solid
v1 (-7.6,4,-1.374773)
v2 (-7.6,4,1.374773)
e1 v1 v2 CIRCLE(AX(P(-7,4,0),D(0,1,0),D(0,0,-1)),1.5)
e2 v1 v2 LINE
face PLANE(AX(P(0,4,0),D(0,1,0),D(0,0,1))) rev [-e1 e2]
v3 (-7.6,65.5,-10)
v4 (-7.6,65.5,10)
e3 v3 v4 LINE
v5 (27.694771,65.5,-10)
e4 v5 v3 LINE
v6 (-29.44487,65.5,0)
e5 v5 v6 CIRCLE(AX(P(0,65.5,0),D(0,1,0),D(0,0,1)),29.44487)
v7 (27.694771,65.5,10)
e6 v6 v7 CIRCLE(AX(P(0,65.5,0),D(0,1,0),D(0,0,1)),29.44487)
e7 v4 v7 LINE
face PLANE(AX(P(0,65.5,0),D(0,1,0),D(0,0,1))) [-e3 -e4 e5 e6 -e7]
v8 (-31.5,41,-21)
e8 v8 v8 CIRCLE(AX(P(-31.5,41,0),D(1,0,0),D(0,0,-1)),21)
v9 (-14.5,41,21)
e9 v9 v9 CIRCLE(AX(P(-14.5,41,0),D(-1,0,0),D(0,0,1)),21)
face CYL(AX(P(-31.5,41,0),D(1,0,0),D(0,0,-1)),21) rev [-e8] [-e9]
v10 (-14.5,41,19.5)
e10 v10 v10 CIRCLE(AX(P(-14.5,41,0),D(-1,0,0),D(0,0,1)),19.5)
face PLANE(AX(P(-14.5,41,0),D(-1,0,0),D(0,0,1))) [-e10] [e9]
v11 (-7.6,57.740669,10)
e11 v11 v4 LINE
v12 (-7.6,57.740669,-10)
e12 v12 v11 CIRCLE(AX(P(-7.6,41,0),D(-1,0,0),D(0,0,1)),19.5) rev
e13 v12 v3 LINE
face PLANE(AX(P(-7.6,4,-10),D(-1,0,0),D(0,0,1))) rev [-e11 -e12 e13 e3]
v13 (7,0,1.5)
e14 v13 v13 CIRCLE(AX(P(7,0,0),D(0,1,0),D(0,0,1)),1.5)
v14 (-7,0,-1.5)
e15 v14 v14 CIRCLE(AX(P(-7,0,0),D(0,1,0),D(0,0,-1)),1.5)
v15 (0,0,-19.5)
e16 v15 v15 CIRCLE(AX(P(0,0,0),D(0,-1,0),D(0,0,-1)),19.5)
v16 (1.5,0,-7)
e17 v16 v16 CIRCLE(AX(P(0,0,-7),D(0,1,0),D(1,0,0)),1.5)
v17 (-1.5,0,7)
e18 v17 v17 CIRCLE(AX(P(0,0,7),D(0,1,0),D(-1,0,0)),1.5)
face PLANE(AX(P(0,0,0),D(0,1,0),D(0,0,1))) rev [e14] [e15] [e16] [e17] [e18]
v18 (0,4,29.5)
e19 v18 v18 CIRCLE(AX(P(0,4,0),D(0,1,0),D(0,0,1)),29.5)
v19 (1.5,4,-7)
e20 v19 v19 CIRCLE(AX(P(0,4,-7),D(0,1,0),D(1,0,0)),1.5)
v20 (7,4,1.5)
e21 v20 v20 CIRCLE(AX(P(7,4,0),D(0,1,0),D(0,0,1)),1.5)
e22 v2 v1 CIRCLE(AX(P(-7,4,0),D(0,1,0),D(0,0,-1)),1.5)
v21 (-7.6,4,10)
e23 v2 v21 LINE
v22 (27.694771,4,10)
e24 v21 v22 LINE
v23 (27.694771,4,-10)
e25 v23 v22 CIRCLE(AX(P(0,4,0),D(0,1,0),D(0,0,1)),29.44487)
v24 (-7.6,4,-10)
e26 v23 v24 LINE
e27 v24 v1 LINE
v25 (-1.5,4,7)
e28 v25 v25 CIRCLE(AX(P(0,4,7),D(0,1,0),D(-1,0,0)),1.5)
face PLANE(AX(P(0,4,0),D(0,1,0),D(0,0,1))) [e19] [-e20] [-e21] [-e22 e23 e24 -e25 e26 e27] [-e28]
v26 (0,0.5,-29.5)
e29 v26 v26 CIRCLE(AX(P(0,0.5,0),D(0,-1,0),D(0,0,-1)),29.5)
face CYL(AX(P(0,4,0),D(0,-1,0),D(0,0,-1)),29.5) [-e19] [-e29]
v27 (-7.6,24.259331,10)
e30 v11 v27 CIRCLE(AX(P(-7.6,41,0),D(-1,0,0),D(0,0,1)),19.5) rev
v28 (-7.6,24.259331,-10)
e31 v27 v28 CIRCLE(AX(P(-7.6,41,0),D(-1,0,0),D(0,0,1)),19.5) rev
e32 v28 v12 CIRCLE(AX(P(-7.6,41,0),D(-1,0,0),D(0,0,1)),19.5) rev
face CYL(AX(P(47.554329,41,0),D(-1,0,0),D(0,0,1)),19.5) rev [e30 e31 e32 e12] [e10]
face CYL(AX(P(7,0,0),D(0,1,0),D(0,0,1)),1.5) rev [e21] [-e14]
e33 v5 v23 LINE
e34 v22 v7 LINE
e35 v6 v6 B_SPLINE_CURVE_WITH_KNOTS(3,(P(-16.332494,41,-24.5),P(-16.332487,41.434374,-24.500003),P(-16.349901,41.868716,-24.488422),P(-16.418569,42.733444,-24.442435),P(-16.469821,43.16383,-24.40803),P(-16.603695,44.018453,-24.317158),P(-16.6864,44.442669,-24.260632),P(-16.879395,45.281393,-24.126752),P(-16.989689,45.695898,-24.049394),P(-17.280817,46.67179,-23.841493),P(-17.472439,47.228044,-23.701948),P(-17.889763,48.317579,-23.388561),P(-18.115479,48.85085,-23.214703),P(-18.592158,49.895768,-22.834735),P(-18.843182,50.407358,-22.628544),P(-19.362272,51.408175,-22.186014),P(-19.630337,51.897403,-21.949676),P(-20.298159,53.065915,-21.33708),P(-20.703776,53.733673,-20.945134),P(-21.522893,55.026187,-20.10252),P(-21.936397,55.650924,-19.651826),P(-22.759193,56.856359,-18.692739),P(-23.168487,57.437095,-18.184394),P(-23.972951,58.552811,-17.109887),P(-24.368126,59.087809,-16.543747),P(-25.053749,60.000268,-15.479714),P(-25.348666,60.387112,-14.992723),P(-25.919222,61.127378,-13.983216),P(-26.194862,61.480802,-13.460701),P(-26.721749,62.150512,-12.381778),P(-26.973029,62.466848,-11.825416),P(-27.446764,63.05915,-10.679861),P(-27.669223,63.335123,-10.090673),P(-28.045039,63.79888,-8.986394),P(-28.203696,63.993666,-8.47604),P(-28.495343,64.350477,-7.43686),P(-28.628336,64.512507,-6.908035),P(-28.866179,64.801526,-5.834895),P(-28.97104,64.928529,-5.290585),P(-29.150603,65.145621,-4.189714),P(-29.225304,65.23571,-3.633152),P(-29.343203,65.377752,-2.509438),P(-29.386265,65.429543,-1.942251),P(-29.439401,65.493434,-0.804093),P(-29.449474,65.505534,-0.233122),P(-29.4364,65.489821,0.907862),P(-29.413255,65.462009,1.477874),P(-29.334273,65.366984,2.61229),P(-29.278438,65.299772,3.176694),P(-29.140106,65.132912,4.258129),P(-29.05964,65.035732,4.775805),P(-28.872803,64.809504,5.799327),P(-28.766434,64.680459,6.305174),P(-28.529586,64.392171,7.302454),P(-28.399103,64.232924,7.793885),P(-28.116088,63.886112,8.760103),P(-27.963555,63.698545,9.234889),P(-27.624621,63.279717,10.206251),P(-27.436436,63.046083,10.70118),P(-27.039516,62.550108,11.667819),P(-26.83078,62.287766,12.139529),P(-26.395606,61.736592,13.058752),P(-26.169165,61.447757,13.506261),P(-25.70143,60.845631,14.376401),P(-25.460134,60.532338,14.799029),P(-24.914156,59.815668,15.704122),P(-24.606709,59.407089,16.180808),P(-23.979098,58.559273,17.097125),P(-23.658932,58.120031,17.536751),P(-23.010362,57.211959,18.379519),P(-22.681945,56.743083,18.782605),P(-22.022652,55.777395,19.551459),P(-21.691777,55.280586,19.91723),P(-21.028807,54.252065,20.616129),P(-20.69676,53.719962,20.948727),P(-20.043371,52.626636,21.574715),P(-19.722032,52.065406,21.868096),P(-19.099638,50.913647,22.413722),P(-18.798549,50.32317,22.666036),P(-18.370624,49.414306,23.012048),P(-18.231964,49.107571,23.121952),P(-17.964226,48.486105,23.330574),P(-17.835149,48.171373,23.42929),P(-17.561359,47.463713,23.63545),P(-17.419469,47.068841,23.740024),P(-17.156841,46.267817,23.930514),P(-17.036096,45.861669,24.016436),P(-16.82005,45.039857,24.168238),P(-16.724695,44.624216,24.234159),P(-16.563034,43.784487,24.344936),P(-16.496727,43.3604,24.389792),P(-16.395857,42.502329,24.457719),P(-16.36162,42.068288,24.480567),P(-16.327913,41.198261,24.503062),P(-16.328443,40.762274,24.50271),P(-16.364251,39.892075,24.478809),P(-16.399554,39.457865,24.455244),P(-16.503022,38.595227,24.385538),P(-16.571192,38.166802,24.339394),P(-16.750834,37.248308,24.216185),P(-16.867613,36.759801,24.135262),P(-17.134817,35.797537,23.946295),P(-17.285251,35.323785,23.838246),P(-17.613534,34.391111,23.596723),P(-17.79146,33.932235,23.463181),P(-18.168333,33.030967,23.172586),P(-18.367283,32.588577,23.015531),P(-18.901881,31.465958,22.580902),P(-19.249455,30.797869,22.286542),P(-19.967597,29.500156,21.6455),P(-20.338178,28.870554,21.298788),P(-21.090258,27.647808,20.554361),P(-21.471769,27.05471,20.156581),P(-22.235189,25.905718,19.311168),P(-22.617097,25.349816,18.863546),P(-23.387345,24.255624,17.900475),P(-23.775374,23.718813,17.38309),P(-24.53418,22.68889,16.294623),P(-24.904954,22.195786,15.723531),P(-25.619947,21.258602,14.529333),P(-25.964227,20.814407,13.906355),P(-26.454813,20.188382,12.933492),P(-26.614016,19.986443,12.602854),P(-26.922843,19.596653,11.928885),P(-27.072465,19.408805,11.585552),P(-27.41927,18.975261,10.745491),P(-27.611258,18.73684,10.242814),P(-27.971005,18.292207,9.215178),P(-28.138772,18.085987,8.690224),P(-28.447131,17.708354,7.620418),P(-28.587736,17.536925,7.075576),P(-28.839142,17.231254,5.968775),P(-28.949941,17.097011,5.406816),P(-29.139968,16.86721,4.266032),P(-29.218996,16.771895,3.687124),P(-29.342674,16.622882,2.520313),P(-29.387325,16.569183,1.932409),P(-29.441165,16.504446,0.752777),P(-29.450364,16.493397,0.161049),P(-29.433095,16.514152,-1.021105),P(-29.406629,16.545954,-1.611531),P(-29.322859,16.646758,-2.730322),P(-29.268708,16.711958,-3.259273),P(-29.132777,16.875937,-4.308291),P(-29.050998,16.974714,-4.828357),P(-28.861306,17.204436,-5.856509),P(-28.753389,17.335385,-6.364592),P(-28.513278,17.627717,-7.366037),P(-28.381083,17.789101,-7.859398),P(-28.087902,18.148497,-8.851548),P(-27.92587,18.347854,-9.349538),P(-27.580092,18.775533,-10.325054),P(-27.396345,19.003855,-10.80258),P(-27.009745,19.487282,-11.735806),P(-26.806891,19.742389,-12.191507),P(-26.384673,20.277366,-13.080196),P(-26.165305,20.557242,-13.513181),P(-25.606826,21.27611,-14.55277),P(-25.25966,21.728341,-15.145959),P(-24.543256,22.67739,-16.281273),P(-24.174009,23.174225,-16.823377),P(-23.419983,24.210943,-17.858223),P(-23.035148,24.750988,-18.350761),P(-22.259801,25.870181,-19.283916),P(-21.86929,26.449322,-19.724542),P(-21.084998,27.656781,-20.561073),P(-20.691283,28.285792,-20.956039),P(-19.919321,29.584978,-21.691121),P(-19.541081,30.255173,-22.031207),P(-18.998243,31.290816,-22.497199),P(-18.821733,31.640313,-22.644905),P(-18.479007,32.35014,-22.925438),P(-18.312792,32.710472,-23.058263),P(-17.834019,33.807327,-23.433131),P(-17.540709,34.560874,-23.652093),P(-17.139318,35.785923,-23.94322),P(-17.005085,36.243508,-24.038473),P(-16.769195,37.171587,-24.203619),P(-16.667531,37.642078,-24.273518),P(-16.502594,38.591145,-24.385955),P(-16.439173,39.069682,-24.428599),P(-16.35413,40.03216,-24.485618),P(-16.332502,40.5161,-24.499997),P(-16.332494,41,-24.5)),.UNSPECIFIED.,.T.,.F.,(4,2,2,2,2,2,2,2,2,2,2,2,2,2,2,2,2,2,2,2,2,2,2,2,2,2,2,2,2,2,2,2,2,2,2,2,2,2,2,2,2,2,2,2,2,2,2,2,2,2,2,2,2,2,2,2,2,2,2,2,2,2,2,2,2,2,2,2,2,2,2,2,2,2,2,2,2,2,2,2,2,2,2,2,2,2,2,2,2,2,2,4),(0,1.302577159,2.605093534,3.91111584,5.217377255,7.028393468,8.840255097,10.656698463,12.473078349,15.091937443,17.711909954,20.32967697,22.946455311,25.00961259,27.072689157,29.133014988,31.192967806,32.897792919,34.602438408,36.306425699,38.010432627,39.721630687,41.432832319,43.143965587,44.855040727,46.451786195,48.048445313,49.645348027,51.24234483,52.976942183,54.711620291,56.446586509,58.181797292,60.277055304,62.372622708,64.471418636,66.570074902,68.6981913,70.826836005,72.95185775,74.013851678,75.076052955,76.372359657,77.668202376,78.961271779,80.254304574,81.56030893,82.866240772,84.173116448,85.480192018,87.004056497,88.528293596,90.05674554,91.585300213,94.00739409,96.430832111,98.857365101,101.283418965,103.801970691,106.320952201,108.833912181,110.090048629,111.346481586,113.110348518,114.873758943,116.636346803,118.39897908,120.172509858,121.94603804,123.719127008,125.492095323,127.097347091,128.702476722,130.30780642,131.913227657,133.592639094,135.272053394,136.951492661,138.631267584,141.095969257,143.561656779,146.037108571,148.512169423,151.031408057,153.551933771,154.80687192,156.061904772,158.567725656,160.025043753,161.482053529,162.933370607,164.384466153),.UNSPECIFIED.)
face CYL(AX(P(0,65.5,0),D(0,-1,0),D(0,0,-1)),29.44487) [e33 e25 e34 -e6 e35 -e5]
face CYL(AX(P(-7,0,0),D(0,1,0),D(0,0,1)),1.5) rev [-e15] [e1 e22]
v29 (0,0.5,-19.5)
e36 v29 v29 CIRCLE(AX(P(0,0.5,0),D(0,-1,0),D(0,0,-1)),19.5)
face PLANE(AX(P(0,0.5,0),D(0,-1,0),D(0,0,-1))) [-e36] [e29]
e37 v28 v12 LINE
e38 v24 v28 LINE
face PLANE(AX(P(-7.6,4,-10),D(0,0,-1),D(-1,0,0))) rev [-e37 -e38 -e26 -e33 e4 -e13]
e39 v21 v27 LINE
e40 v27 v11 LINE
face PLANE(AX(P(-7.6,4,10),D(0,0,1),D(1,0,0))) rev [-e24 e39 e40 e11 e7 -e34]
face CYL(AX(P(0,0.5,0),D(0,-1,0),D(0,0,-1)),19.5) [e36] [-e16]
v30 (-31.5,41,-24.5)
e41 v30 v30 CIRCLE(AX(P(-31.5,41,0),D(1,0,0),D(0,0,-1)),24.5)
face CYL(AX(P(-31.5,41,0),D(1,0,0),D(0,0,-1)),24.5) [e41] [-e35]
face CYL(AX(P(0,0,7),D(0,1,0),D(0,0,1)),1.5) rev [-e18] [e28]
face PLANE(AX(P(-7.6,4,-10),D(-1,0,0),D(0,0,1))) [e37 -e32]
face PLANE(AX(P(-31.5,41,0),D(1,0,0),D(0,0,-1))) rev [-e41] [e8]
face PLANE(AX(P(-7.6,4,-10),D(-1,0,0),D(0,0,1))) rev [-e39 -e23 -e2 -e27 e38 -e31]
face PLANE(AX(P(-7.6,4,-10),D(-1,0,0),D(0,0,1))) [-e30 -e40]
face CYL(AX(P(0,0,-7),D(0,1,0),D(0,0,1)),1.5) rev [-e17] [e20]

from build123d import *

# Parameters (mm, degrees)
SKETCH_1_R               = 29.5
EXTRUDE_1_DEPTH          = 4
SKETCH_2_R               = 1.5
CUT_EXTRUDE_1_DEPTH      = 42.910619179
PATTERN_CIRCULAR_1_COUNT = 4
SKETCH_3_R               = 29.444869788
EXTRUDE_2_DEPTH          = 61.5
SKETCH_4_W               = 39.5
SKETCH_4_H               = 20
CUT_EXTRUDE_2_DEPTH      = 61.5
EXTRUDE_START            = -10
SKETCH_7_R               = 24.5
SKETCH_7_R_2             = 21
EXTRUDE_3_DEPTH          = 21.5
CUT_EXTRUDE_START        = -17
SKETCH_11_R              = 21
CUT_EXTRUDE_7_DEPTH      = 17
SKETCH_12_R              = 19.5
CUT_EXTRUDE_10_DEPTH     = 23.9
SKETCH_13_R              = 29.5
SKETCH_13_R_2            = 19.5
CUT_EXTRUDE_11_DEPTH     = 0.5


with BuildPart() as part:
    # Эскиз1 → Бобышка-Вытянуть1 (new body)
    with BuildSketch(Plane(origin=(0, 0, 0), x_dir=(1, 0, 0), z_dir=(0, 1, 0))):
        with Locations(Location((0, 0, 0), (0, 0, 270))):
            Circle(SKETCH_1_R)
    extrude(amount=EXTRUDE_1_DEPTH)

    # Эскиз2 → Вырез-Вытянуть1 (cut, through all)
    with BuildSketch(Plane(origin=(0, 4, 0), x_dir=(1, 0, 0), z_dir=(0, 1, 0))):
        with Locations(Location((7, 0, 0), (0, 0, 270))):
            Circle(SKETCH_2_R)
    cut_extrude_1 = extrude(amount=-CUT_EXTRUDE_1_DEPTH, mode=Mode.SUBTRACT)

    # Круговой массив1: Вырез-Вытянуть1 ×4 about axis
    pattern_circular_1_axis = Axis((0, 0, 0), (0, 1, 0))
    for i in range(1, PATTERN_CIRCULAR_1_COUNT):
        add(cut_extrude_1.rotate(pattern_circular_1_axis, i * 360 / PATTERN_CIRCULAR_1_COUNT), mode=Mode.SUBTRACT)

    # Эскиз3 → Бобышка-Вытянуть2 (add)
    with BuildSketch(Plane(origin=(0, 4, 0), x_dir=(1, 0, 0), z_dir=(0, 1, 0))):
        with Locations(Location((0, 0, 0), (0, 0, 270))):
            Circle(SKETCH_3_R)
    extrude(amount=EXTRUDE_2_DEPTH)

    # Эскиз4 → Вырез-Вытянуть2 (cut)
    with BuildSketch(Plane(origin=(0, 65.5, 0), x_dir=(1, 0, 0), z_dir=(0, 1, 0))):
        with Locations((12.15, 0)):
            Rectangle(SKETCH_4_W, SKETCH_4_H)
    extrude(amount=-CUT_EXTRUDE_2_DEPTH, mode=Mode.SUBTRACT)

    # Эскиз7 → Бобышка-Вытянуть3 (add)
    with BuildSketch(Plane(origin=(0, 0, 0), x_dir=(0, 0, -1), z_dir=(1, 0, 0)).offset(EXTRUDE_START)):
        with Locations((0, 41)):
            Circle(SKETCH_7_R)
        with Locations((0, 41)):
            Circle(SKETCH_7_R_2, mode=Mode.SUBTRACT)
    extrude(amount=-EXTRUDE_3_DEPTH)

    # Эскиз11 → Вырез-Вытянуть7 (cut)
    with BuildSketch(Plane.ZY.offset(31.5).offset(CUT_EXTRUDE_START)):
        with Locations(Location((0, 41, 0), (0, 0, 180))):
            Circle(SKETCH_11_R)
    extrude(amount=CUT_EXTRUDE_7_DEPTH, mode=Mode.SUBTRACT)

    # Эскиз12 → Вырез-Вытянуть10 (cut)
    with BuildSketch(Plane.ZY.offset(31.5)):
        with Locations((0, 41)):
            Circle(SKETCH_12_R)
    extrude(amount=-CUT_EXTRUDE_10_DEPTH, mode=Mode.SUBTRACT)

    # Эскиз13 → Вырез-Вытянуть11 (cut)
    with BuildSketch(Plane.XZ):
        with Locations(Location((0, 0, 0), (0, 0, 270))):
            Circle(SKETCH_13_R)
        with Locations(Location((0, 0, 0), (0, 0, 270))):
            Circle(SKETCH_13_R_2, mode=Mode.SUBTRACT)
    extrude(amount=-CUT_EXTRUDE_11_DEPTH, mode=Mode.SUBTRACT)


solid = part.part
